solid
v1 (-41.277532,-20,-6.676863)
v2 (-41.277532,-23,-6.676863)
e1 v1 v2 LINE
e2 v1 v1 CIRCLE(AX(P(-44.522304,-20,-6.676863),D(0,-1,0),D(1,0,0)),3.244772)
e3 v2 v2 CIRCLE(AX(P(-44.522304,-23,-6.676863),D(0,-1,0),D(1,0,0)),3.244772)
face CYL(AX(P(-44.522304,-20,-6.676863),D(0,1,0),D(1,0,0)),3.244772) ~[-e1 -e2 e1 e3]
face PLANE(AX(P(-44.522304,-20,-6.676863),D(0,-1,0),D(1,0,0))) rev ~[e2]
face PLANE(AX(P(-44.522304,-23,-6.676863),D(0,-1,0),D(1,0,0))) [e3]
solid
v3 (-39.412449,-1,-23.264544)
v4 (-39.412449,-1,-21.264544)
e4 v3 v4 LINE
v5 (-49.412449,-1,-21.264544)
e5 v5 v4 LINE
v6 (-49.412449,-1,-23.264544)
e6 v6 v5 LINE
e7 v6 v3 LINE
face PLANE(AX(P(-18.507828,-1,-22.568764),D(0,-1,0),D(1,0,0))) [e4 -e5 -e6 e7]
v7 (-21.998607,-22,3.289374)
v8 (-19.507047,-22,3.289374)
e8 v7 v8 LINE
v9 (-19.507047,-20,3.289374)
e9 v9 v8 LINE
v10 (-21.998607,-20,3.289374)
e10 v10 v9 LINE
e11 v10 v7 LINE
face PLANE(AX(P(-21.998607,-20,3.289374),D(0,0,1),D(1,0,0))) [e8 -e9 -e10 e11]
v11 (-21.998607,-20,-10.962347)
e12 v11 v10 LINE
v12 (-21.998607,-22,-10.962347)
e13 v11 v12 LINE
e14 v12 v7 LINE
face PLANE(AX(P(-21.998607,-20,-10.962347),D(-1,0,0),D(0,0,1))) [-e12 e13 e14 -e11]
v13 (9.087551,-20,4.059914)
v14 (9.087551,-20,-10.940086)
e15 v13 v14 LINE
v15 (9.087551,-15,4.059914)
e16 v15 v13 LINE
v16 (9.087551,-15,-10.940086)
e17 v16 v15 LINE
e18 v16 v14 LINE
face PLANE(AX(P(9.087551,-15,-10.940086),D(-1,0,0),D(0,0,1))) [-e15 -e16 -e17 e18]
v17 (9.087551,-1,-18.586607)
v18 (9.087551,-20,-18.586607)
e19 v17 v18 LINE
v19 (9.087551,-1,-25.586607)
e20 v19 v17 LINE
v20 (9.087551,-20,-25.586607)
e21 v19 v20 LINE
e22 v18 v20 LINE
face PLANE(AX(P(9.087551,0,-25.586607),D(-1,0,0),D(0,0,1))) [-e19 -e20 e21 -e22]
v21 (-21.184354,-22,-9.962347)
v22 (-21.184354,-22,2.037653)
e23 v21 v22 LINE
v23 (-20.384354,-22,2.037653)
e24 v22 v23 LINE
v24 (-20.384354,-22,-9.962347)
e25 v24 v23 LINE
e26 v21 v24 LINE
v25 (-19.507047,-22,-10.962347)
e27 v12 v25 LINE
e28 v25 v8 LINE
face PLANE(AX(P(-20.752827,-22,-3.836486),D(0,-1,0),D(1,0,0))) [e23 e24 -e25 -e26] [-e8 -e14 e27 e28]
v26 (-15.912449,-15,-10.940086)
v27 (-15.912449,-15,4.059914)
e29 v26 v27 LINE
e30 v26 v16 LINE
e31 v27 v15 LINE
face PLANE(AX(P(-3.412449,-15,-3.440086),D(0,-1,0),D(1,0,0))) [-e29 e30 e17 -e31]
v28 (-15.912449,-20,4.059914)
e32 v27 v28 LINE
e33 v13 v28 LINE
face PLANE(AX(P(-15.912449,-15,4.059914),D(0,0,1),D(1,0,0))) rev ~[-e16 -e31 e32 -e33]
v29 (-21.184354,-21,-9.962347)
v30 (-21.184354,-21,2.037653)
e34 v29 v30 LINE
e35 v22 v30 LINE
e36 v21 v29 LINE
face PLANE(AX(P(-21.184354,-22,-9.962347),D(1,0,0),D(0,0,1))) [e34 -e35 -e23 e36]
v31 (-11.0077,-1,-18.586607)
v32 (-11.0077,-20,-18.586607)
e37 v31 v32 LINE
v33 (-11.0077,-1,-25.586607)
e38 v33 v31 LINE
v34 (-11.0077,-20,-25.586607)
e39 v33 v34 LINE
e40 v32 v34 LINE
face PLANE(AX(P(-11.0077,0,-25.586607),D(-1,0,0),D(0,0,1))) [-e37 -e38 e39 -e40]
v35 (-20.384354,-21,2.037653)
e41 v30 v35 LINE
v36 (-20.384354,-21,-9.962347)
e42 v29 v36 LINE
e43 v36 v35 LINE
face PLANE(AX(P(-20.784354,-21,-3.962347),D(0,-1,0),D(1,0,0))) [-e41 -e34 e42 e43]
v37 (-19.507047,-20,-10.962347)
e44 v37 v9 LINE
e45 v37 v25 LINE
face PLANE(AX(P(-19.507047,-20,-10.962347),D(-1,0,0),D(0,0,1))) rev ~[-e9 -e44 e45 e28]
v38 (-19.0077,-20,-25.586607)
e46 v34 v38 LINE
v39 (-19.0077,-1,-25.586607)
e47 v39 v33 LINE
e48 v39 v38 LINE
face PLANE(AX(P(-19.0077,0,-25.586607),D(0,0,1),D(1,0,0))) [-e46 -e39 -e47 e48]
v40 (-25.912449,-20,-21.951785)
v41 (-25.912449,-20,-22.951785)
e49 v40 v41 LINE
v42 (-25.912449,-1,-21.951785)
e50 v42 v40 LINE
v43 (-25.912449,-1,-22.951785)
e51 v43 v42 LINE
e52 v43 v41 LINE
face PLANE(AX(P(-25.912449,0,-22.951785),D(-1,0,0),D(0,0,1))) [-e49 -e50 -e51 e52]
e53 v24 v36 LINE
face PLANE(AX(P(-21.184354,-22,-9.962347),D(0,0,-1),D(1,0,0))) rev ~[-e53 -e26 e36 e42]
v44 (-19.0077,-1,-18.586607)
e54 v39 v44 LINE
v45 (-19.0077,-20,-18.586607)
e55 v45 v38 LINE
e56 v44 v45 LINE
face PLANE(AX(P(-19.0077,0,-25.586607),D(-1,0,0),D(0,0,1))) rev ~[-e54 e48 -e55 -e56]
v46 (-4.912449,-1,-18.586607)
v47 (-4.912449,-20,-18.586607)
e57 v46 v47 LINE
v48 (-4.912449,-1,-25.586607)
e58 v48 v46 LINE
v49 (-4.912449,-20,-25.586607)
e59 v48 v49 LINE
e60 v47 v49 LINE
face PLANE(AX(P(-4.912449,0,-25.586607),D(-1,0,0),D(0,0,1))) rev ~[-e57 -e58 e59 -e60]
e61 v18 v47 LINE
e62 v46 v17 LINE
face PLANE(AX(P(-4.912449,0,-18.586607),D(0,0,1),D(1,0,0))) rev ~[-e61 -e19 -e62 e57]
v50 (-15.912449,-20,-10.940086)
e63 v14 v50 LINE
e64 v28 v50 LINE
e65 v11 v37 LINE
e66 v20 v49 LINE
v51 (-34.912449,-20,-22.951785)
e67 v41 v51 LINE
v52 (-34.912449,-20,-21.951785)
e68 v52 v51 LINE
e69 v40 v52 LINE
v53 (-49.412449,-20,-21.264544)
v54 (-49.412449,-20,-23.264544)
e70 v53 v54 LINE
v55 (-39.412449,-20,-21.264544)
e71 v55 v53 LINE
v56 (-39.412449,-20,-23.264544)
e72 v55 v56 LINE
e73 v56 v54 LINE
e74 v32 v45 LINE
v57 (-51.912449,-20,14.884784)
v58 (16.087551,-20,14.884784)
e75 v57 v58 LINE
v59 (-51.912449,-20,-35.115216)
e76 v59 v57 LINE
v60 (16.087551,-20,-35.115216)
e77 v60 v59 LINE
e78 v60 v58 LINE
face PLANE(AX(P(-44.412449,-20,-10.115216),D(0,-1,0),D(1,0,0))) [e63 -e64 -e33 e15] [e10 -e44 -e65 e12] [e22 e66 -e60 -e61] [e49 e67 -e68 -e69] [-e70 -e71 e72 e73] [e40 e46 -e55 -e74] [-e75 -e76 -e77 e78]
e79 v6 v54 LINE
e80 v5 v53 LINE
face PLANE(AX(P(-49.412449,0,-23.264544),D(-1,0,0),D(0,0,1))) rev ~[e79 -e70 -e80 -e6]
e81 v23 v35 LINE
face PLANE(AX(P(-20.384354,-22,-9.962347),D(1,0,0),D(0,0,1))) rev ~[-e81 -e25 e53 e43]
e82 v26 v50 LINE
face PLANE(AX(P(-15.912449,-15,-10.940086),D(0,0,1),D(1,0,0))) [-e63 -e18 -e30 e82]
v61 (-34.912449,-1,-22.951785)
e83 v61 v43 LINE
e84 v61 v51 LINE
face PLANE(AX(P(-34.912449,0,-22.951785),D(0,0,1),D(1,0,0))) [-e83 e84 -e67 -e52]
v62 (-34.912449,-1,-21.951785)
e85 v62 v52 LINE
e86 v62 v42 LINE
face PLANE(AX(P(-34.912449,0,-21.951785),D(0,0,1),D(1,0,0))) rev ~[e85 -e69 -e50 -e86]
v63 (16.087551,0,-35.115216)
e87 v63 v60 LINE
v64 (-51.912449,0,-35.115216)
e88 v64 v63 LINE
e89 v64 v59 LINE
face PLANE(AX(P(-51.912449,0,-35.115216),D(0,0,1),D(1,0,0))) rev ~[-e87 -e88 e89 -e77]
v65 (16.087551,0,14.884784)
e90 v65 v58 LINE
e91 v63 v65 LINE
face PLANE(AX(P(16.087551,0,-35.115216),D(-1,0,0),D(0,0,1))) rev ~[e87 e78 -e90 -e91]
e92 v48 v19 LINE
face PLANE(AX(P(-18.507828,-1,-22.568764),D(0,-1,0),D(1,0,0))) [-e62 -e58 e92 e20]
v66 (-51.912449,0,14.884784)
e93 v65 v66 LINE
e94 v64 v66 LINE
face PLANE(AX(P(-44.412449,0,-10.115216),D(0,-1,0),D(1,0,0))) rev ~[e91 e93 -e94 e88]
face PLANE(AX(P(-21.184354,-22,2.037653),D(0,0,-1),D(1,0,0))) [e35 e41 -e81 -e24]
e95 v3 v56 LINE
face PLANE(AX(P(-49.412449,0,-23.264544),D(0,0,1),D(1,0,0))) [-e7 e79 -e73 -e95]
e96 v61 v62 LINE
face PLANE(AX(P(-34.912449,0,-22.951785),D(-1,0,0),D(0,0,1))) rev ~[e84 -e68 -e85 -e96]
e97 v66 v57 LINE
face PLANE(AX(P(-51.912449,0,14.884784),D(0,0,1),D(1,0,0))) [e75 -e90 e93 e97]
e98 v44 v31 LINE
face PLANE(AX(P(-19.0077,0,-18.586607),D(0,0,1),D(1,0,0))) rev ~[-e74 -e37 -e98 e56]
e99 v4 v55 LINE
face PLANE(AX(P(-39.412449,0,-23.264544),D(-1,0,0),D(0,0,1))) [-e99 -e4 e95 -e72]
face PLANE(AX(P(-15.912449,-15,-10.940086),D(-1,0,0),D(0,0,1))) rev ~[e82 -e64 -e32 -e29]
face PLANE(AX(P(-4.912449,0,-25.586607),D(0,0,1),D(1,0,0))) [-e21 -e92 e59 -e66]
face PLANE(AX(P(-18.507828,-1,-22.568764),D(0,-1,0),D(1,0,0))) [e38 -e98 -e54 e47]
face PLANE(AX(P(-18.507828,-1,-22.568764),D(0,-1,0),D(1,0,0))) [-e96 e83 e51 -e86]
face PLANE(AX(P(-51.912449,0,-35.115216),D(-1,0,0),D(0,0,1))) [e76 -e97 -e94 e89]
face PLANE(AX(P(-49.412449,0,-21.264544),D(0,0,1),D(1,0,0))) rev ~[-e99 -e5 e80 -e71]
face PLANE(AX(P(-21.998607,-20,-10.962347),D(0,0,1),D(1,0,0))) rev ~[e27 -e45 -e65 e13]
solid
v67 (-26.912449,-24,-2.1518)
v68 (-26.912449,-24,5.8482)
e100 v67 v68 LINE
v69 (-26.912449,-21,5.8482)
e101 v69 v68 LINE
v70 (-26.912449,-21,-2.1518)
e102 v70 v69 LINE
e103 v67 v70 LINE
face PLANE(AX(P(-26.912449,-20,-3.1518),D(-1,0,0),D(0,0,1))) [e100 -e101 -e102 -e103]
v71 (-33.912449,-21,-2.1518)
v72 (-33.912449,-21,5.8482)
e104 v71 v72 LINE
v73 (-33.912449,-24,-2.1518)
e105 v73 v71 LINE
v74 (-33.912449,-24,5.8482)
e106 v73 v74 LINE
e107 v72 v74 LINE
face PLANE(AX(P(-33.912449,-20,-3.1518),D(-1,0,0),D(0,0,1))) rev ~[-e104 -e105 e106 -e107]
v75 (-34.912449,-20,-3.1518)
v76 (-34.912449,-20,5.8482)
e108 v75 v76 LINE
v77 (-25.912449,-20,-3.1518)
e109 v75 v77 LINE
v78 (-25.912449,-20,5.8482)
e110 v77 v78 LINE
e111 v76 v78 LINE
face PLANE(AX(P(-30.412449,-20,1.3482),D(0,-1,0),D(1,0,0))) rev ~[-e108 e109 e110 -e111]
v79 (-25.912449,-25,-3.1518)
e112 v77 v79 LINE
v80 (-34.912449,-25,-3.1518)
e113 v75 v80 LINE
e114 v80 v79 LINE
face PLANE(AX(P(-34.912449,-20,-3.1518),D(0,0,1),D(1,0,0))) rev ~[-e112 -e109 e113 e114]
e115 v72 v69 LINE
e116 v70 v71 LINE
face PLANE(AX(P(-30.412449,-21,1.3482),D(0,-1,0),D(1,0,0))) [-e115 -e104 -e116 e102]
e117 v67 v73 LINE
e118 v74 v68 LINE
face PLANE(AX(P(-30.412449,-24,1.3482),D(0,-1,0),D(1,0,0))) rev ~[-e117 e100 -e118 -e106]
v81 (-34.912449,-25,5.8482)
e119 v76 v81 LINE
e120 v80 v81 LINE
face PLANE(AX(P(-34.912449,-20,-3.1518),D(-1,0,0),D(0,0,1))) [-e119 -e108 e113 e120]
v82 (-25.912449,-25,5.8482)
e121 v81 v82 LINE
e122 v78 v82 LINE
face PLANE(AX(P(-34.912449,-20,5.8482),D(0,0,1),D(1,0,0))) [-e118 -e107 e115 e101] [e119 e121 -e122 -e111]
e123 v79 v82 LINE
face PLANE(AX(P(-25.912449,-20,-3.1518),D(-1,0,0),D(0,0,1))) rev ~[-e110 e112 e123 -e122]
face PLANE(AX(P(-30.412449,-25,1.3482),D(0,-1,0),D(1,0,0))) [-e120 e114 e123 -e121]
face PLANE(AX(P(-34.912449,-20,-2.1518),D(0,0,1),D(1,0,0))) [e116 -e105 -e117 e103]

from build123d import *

# Parameters (mm, degrees)
F0_W      = 15
F0_H      = 50
F1_DEPTH  = 20
F0_W_2    = 13
F2_DEPTH  = 20
F0_W_3    = 40
F3_DEPTH  = 20
F4_W      = 10
F4_H      = 2
F5_DEPTH  = 25
F6_W      = 9
F6_H      = 1
F7_DEPTH  = 25
F8_W      = 14
F8_H      = 7
F8_W_2    = 8
F9_DEPTH  = 25
F11_W     = 25
F11_H     = 15
F12_DEPTH = 25
F13_W     = 64.1647251323
F13_H     = 12.2270062566
F14_DEPTH = 1
F16_W     = 9
F16_H     = 9
F17_DEPTH = 5
F18_T     = -1
F19_R     = 3.2447716186
F20_DEPTH = 3
F21_W     = 2.4915598333
F21_H     = 14.2517206259
F22_DEPTH = 2
F23_W     = 0.8
F23_H     = 12
F24_DEPTH = 1


with BuildPart() as f1:
    # F0 (on Front) → F1 (new body)
    with BuildSketch(Plane.XZ):
        with Locations((-44.4124493003, -10.1152159274)):
            Rectangle(F0_W, F0_H)
    extrude(amount=F1_DEPTH)

    # F4 (on Front) → F5 (cut)
    with BuildSketch(Plane.XZ):
        with Locations((-44.4124493003, -22.2645440847)):
            Rectangle(F4_W, F4_H)
    extrude(amount=F5_DEPTH, mode=Mode.SUBTRACT)


with BuildPart() as f2:
    # F0 (on Front) → F2 (new body)
    with BuildSketch(Plane.XZ):
        with Locations((-30.4124493003, -10.1152159274)):
            Rectangle(F0_W_2, F0_H)
    extrude(amount=F2_DEPTH)

    # F6 (on Front) → F7 (cut)
    with BuildSketch(Plane.XZ):
        with Locations((-30.4124493003, -22.451785475)):
            Rectangle(F6_W, F6_H)
    extrude(amount=F7_DEPTH, mode=Mode.SUBTRACT)


with BuildPart() as f3:
    # F0 (on Front) → F3 (new body)
    with BuildSketch(Plane.XZ):
        with Locations((-3.9124493003, -10.1152159274)):
            Rectangle(F0_W_3, F0_H)
    extrude(amount=F3_DEPTH)

    # F8 (on Front) → F9 (cut)
    with BuildSketch(Plane.XZ):
        with Locations((2.0875506997, -22.0866069347)):
            Rectangle(F8_W, F8_H)
        with Locations((-15.0076995641, -22.0866069347)):
            Rectangle(F8_W_2, F8_H)
    extrude(amount=F9_DEPTH, mode=Mode.SUBTRACT)

    # F11 (on offset) → F12 (cut)
    with BuildSketch(Plane.XZ.offset(15)):
        with Locations((-3.4124493003, -3.4400860965)):
            Rectangle(F11_W, F11_H)
    extrude(amount=F12_DEPTH, mode=Mode.SUBTRACT)


with BuildPart() as f14:
    # F13 (on Front) → F14 (new body)
    with BuildSketch(Plane.XZ):
        with Locations((-18.5078284703, -22.568764165)):
            Rectangle(F13_W, F13_H)
    extrude(amount=F14_DEPTH)


with BuildPart() as f2_1:
    add(f2.part)

    # F15: union F3, F1, F14
    add(f3.part)
    add(f1.part)
    add(f14.part)

    # F21 (on face) → F22 (join)
    with BuildSketch(Plane.XZ.offset(20)):
        with Locations((-20.7528267056, -3.8364862558)):
            Rectangle(F21_W, F21_H)
    extrude(amount=F22_DEPTH)

    # F23 (on face) → F24 (cut)
    with BuildSketch(Plane.XZ.offset(22)):
        with Locations((-20.7843538374, -3.9623465687)):
            Rectangle(F23_W, F23_H)
    extrude(amount=-F24_DEPTH, mode=Mode.SUBTRACT)


with BuildPart() as f17:
    # F16 (on face) → F17 (new body)
    with BuildSketch(Plane.XZ.offset(20)):
        with Locations((-30.4124493003, 1.348200215)):
            Rectangle(F16_W, F16_H)
    extrude(amount=F17_DEPTH)

    # F18
    f18_openings = [f17.faces().sort_by_distance(p)[0] for p in [
        (-30.412449, -22.5, 5.8482),
    ]]
    offset(amount=F18_T, openings=f18_openings)


with BuildPart() as f20:
    # F19 (on face) → F20 (new body)
    with BuildSketch(Plane.XZ.offset(20)):
        with Locations((-44.5223040879, -6.6768634133)):
            Circle(F19_R)
    extrude(amount=F20_DEPTH)


solid = Compound([f2_1.part, f17.part, f20.part])
